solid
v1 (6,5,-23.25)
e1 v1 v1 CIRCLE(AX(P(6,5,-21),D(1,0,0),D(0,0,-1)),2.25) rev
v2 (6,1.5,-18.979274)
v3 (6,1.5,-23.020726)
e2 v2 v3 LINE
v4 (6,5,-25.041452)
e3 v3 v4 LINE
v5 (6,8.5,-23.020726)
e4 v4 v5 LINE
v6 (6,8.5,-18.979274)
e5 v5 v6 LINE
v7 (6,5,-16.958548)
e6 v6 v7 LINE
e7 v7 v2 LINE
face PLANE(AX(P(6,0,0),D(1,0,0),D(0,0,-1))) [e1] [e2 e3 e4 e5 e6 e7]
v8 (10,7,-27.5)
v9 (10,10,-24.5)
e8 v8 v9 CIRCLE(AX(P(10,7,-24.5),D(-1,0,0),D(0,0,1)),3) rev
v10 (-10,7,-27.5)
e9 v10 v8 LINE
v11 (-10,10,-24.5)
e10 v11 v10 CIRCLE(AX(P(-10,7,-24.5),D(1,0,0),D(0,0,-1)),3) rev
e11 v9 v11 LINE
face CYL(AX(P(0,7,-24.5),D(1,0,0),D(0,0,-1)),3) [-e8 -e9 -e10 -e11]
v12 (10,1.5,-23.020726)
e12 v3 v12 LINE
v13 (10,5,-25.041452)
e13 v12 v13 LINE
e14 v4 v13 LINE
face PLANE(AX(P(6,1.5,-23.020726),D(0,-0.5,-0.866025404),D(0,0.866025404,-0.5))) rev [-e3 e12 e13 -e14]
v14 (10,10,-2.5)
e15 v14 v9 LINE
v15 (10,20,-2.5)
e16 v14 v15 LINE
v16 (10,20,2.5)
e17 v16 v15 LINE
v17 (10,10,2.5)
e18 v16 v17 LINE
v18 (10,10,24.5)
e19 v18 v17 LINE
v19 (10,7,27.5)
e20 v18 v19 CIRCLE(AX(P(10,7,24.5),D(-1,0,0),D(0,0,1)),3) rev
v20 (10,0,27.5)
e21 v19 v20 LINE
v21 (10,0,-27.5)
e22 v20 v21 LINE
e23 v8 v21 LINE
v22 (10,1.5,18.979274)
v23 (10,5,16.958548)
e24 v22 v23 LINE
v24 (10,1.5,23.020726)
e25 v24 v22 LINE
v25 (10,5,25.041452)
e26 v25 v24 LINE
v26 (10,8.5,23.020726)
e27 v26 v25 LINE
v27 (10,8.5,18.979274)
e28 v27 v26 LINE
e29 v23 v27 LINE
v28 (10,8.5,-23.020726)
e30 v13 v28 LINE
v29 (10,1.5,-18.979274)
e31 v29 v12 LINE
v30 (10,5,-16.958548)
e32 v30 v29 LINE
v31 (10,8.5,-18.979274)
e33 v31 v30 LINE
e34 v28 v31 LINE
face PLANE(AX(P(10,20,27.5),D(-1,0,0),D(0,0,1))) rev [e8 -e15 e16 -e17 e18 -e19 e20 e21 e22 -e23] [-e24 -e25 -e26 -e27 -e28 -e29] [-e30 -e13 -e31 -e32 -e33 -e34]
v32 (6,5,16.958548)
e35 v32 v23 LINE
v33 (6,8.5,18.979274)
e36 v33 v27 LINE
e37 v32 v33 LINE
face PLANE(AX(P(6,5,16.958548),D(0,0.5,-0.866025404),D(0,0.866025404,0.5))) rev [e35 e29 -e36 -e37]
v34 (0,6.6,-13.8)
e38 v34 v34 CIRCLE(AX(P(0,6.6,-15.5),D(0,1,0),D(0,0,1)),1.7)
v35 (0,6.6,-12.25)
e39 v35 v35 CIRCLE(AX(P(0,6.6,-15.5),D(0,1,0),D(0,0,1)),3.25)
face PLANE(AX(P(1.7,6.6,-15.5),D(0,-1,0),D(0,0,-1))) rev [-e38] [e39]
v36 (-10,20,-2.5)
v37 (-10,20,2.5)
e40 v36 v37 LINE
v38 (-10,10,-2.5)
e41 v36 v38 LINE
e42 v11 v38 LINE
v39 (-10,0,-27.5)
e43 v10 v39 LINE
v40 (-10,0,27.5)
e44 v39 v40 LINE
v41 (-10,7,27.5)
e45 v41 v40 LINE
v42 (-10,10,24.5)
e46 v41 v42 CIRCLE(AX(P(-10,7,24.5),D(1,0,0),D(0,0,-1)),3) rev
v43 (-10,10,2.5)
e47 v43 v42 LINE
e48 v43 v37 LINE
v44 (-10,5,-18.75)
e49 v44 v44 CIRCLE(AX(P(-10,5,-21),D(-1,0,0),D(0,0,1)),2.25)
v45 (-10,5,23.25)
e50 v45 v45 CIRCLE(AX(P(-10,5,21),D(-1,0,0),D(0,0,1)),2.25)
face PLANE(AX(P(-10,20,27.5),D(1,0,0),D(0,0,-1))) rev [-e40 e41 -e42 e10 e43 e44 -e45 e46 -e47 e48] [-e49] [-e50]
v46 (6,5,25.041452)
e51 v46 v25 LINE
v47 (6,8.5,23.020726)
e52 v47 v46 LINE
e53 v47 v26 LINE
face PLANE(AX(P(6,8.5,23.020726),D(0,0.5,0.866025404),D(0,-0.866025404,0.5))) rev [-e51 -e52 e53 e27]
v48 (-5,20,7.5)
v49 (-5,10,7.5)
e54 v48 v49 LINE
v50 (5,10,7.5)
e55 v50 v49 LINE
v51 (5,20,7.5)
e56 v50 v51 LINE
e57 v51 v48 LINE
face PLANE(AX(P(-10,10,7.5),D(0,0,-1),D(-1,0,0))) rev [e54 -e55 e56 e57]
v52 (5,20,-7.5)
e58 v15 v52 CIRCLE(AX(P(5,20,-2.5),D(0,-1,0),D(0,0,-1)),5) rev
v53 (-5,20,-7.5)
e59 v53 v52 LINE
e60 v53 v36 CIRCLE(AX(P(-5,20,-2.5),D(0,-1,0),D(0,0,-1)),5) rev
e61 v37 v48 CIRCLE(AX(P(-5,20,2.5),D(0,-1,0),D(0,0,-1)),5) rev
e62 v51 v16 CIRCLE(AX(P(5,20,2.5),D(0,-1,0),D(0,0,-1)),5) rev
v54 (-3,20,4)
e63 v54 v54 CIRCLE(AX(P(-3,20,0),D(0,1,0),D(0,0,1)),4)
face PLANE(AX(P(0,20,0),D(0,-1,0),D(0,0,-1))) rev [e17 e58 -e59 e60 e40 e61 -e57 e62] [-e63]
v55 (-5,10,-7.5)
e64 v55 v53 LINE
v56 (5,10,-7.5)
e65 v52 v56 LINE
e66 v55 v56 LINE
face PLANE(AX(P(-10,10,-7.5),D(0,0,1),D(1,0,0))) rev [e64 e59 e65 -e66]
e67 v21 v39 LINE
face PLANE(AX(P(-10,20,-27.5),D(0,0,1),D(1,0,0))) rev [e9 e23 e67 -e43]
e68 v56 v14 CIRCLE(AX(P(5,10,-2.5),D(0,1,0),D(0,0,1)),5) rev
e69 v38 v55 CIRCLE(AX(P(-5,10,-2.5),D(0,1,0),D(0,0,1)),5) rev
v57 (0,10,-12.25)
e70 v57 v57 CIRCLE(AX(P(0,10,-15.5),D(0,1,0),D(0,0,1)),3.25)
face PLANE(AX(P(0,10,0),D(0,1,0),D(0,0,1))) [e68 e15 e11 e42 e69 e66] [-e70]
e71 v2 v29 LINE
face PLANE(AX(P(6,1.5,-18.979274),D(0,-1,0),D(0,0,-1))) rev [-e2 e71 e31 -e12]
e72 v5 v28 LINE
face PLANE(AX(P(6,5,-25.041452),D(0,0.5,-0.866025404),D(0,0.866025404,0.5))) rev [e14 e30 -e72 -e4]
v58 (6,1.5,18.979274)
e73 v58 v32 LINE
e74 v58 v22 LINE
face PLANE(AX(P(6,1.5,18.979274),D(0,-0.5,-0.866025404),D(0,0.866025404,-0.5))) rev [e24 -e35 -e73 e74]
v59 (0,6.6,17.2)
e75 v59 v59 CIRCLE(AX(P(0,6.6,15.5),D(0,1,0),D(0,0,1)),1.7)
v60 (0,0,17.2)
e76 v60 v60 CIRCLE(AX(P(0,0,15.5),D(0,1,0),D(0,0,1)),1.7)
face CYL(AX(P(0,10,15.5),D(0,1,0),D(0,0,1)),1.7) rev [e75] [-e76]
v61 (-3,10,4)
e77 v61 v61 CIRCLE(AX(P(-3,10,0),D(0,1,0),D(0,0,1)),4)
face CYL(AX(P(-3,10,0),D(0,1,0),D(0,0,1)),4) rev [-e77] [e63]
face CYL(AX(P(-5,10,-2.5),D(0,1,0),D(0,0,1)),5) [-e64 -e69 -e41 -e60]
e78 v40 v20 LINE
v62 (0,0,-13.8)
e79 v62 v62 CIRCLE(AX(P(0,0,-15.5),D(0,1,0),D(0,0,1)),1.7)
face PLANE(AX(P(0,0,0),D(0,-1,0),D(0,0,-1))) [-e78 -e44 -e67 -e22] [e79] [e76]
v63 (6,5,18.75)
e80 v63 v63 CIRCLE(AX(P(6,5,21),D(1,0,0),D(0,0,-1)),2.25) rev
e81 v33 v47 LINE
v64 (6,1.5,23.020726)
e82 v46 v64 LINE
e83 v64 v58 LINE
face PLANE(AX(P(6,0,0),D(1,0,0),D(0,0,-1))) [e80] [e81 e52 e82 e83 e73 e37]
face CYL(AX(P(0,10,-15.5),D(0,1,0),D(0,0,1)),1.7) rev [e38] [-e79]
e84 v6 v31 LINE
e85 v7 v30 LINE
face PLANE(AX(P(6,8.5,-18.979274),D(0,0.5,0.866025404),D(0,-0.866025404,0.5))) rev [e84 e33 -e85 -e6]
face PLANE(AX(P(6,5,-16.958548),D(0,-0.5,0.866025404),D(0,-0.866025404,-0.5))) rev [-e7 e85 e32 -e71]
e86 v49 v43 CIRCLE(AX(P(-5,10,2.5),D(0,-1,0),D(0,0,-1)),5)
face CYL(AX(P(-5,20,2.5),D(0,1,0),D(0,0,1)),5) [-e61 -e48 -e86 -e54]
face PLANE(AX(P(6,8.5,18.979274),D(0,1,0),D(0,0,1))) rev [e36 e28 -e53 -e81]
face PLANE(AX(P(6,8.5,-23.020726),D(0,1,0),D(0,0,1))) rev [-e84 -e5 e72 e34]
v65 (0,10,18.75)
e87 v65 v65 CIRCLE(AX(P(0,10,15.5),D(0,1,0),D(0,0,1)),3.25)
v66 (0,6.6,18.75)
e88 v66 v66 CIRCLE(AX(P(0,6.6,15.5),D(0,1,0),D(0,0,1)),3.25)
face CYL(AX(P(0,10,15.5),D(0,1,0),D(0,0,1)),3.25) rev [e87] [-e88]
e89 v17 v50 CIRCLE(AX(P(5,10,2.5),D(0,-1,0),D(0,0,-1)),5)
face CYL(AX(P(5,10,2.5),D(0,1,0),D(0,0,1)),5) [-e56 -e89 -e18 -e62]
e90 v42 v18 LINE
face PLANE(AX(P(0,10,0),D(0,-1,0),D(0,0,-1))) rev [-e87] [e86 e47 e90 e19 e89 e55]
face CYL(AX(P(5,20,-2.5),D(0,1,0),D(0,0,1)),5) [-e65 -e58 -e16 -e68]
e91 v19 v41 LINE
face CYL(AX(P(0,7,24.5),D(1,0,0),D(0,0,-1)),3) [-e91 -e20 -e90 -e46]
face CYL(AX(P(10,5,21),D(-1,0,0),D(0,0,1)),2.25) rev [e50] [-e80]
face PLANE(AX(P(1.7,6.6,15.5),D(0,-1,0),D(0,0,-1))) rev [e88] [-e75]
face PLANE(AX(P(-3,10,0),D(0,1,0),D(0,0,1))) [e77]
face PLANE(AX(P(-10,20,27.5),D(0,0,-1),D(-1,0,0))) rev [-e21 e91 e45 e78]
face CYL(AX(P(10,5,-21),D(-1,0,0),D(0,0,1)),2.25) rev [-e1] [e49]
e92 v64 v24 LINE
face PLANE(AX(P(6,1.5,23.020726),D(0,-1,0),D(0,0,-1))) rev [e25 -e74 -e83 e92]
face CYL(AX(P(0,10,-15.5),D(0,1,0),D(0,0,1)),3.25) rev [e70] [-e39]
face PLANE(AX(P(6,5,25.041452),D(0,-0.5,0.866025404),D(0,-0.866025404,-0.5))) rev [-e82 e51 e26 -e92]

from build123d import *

# Parameters (mm, degrees)
SKETCH1_W                                           = 20
SKETCH1_H                                           = 55
BOSS_EXTRUDE1_DEPTH                                 = 20
SKETCH2_R                                           = 4
CUT_EXTRUDE1_DEPTH                                  = 10
SKETCH3_W                                           = 20
SKETCH3_H                                           = 20
CUT_EXTRUDE2_DEPTH                                  = 10
CBORE_FOR_M3_HEX_SOCKET_HEAD_CAP_SCREW1_D           = 3.4
CBORE_FOR_M3_HEX_SOCKET_HEAD_CAP_SCREW1_CBORE_D     = 6.5
CBORE_FOR_M3_HEX_SOCKET_HEAD_CAP_SCREW1_CBORE_DEPTH = 3.4
FILLET2_R                                           = 5
SKETCH9_R                                           = 2.25
CUT_EXTRUDE5_DEPTH                                  = 40.449334595
CUT_EXTRUDE6_DEPTH                                  = 4
FILLET5_R                                           = 3


with BuildPart() as part:
    # Sketch1 → Boss-Extrude1 (new body)
    with BuildSketch(Plane(origin=(0, 0, 0), x_dir=(1, 0, 0), z_dir=(0, 1, 0))):
        Rectangle(SKETCH1_W, SKETCH1_H)
    extrude(amount=BOSS_EXTRUDE1_DEPTH)

    # Sketch2 → Cut-Extrude1 (cut)
    with BuildSketch(Plane(origin=(0, 20, 0), x_dir=(1, 0, 0), z_dir=(0, 1, 0))):
        with Locations(Location((-3, 0, 0), (0, 0, 270))):
            Circle(SKETCH2_R)
    extrude(amount=-CUT_EXTRUDE1_DEPTH, mode=Mode.SUBTRACT)

    # Sketch3 → Cut-Extrude2 (cut)
    with BuildSketch(Plane(origin=(0, 20, 0), x_dir=(1, 0, 0), z_dir=(0, 1, 0))):
        with Locations((0, -17.5)):
            Rectangle(SKETCH3_W, SKETCH3_H)
        with Locations((0, 17.5)):
            Rectangle(SKETCH3_W, SKETCH3_H)
    extrude(amount=-CUT_EXTRUDE2_DEPTH, mode=Mode.SUBTRACT)

    # CBORE for M3 Hex Socket Head Cap Screw1 (through all)
    with Locations(Plane(origin=(0, 10, 0), x_dir=(1, 0, 0), z_dir=(0, 1, 0))):
        with Locations((0, -15.5), (0, 15.5)):
            CounterBoreHole(CBORE_FOR_M3_HEX_SOCKET_HEAD_CAP_SCREW1_D / 2, CBORE_FOR_M3_HEX_SOCKET_HEAD_CAP_SCREW1_CBORE_D / 2, CBORE_FOR_M3_HEX_SOCKET_HEAD_CAP_SCREW1_CBORE_DEPTH)

    # Fillet2
    fillet2_edges = [part.edges().sort_by_distance(p)[0] for p in [
        (-10, 15, 7.5),
        (10, 15, 7.5),
        (-10, 15, -7.5),
        (10, 15, -7.5),
    ]]
    fillet(fillet2_edges, radius=FILLET2_R)

    # Sketch9 → Cut-Extrude5 (cut, through all)
    with BuildSketch(Plane.ZY.offset(10)):
        with Locations((-21, 5)):
            Circle(SKETCH9_R)
        with Locations((21, 5)):
            Circle(SKETCH9_R)
    extrude(amount=-CUT_EXTRUDE5_DEPTH, mode=Mode.SUBTRACT)

    # Sketch10 → Cut-Extrude6 (cut)
    with BuildSketch(Plane(origin=(10, 0, 0), x_dir=(0, 0, -1), z_dir=(1, 0, 0))):
        Polygon((-16.958548116, 5), (-18.979274058, 8.5), (-23.020725942, 8.5), (-25.041451884, 5), (-23.020725942, 1.5), (-18.979274058, 1.5), align=None)
        Polygon((16.958548116, 5), (18.979274058, 1.5), (23.020725942, 1.5), (25.041451884, 5), (23.020725942, 8.5), (18.979274058, 8.5), align=None)
    extrude(amount=-CUT_EXTRUDE6_DEPTH, mode=Mode.SUBTRACT)

    # Fillet5
    fillet5_edges = [part.edges().sort_by_distance(p)[0] for p in [
        (0, 10, 27.5),
        (0, 10, -27.5),
    ]]
    fillet(fillet5_edges, radius=FILLET5_R)


solid = part.part
